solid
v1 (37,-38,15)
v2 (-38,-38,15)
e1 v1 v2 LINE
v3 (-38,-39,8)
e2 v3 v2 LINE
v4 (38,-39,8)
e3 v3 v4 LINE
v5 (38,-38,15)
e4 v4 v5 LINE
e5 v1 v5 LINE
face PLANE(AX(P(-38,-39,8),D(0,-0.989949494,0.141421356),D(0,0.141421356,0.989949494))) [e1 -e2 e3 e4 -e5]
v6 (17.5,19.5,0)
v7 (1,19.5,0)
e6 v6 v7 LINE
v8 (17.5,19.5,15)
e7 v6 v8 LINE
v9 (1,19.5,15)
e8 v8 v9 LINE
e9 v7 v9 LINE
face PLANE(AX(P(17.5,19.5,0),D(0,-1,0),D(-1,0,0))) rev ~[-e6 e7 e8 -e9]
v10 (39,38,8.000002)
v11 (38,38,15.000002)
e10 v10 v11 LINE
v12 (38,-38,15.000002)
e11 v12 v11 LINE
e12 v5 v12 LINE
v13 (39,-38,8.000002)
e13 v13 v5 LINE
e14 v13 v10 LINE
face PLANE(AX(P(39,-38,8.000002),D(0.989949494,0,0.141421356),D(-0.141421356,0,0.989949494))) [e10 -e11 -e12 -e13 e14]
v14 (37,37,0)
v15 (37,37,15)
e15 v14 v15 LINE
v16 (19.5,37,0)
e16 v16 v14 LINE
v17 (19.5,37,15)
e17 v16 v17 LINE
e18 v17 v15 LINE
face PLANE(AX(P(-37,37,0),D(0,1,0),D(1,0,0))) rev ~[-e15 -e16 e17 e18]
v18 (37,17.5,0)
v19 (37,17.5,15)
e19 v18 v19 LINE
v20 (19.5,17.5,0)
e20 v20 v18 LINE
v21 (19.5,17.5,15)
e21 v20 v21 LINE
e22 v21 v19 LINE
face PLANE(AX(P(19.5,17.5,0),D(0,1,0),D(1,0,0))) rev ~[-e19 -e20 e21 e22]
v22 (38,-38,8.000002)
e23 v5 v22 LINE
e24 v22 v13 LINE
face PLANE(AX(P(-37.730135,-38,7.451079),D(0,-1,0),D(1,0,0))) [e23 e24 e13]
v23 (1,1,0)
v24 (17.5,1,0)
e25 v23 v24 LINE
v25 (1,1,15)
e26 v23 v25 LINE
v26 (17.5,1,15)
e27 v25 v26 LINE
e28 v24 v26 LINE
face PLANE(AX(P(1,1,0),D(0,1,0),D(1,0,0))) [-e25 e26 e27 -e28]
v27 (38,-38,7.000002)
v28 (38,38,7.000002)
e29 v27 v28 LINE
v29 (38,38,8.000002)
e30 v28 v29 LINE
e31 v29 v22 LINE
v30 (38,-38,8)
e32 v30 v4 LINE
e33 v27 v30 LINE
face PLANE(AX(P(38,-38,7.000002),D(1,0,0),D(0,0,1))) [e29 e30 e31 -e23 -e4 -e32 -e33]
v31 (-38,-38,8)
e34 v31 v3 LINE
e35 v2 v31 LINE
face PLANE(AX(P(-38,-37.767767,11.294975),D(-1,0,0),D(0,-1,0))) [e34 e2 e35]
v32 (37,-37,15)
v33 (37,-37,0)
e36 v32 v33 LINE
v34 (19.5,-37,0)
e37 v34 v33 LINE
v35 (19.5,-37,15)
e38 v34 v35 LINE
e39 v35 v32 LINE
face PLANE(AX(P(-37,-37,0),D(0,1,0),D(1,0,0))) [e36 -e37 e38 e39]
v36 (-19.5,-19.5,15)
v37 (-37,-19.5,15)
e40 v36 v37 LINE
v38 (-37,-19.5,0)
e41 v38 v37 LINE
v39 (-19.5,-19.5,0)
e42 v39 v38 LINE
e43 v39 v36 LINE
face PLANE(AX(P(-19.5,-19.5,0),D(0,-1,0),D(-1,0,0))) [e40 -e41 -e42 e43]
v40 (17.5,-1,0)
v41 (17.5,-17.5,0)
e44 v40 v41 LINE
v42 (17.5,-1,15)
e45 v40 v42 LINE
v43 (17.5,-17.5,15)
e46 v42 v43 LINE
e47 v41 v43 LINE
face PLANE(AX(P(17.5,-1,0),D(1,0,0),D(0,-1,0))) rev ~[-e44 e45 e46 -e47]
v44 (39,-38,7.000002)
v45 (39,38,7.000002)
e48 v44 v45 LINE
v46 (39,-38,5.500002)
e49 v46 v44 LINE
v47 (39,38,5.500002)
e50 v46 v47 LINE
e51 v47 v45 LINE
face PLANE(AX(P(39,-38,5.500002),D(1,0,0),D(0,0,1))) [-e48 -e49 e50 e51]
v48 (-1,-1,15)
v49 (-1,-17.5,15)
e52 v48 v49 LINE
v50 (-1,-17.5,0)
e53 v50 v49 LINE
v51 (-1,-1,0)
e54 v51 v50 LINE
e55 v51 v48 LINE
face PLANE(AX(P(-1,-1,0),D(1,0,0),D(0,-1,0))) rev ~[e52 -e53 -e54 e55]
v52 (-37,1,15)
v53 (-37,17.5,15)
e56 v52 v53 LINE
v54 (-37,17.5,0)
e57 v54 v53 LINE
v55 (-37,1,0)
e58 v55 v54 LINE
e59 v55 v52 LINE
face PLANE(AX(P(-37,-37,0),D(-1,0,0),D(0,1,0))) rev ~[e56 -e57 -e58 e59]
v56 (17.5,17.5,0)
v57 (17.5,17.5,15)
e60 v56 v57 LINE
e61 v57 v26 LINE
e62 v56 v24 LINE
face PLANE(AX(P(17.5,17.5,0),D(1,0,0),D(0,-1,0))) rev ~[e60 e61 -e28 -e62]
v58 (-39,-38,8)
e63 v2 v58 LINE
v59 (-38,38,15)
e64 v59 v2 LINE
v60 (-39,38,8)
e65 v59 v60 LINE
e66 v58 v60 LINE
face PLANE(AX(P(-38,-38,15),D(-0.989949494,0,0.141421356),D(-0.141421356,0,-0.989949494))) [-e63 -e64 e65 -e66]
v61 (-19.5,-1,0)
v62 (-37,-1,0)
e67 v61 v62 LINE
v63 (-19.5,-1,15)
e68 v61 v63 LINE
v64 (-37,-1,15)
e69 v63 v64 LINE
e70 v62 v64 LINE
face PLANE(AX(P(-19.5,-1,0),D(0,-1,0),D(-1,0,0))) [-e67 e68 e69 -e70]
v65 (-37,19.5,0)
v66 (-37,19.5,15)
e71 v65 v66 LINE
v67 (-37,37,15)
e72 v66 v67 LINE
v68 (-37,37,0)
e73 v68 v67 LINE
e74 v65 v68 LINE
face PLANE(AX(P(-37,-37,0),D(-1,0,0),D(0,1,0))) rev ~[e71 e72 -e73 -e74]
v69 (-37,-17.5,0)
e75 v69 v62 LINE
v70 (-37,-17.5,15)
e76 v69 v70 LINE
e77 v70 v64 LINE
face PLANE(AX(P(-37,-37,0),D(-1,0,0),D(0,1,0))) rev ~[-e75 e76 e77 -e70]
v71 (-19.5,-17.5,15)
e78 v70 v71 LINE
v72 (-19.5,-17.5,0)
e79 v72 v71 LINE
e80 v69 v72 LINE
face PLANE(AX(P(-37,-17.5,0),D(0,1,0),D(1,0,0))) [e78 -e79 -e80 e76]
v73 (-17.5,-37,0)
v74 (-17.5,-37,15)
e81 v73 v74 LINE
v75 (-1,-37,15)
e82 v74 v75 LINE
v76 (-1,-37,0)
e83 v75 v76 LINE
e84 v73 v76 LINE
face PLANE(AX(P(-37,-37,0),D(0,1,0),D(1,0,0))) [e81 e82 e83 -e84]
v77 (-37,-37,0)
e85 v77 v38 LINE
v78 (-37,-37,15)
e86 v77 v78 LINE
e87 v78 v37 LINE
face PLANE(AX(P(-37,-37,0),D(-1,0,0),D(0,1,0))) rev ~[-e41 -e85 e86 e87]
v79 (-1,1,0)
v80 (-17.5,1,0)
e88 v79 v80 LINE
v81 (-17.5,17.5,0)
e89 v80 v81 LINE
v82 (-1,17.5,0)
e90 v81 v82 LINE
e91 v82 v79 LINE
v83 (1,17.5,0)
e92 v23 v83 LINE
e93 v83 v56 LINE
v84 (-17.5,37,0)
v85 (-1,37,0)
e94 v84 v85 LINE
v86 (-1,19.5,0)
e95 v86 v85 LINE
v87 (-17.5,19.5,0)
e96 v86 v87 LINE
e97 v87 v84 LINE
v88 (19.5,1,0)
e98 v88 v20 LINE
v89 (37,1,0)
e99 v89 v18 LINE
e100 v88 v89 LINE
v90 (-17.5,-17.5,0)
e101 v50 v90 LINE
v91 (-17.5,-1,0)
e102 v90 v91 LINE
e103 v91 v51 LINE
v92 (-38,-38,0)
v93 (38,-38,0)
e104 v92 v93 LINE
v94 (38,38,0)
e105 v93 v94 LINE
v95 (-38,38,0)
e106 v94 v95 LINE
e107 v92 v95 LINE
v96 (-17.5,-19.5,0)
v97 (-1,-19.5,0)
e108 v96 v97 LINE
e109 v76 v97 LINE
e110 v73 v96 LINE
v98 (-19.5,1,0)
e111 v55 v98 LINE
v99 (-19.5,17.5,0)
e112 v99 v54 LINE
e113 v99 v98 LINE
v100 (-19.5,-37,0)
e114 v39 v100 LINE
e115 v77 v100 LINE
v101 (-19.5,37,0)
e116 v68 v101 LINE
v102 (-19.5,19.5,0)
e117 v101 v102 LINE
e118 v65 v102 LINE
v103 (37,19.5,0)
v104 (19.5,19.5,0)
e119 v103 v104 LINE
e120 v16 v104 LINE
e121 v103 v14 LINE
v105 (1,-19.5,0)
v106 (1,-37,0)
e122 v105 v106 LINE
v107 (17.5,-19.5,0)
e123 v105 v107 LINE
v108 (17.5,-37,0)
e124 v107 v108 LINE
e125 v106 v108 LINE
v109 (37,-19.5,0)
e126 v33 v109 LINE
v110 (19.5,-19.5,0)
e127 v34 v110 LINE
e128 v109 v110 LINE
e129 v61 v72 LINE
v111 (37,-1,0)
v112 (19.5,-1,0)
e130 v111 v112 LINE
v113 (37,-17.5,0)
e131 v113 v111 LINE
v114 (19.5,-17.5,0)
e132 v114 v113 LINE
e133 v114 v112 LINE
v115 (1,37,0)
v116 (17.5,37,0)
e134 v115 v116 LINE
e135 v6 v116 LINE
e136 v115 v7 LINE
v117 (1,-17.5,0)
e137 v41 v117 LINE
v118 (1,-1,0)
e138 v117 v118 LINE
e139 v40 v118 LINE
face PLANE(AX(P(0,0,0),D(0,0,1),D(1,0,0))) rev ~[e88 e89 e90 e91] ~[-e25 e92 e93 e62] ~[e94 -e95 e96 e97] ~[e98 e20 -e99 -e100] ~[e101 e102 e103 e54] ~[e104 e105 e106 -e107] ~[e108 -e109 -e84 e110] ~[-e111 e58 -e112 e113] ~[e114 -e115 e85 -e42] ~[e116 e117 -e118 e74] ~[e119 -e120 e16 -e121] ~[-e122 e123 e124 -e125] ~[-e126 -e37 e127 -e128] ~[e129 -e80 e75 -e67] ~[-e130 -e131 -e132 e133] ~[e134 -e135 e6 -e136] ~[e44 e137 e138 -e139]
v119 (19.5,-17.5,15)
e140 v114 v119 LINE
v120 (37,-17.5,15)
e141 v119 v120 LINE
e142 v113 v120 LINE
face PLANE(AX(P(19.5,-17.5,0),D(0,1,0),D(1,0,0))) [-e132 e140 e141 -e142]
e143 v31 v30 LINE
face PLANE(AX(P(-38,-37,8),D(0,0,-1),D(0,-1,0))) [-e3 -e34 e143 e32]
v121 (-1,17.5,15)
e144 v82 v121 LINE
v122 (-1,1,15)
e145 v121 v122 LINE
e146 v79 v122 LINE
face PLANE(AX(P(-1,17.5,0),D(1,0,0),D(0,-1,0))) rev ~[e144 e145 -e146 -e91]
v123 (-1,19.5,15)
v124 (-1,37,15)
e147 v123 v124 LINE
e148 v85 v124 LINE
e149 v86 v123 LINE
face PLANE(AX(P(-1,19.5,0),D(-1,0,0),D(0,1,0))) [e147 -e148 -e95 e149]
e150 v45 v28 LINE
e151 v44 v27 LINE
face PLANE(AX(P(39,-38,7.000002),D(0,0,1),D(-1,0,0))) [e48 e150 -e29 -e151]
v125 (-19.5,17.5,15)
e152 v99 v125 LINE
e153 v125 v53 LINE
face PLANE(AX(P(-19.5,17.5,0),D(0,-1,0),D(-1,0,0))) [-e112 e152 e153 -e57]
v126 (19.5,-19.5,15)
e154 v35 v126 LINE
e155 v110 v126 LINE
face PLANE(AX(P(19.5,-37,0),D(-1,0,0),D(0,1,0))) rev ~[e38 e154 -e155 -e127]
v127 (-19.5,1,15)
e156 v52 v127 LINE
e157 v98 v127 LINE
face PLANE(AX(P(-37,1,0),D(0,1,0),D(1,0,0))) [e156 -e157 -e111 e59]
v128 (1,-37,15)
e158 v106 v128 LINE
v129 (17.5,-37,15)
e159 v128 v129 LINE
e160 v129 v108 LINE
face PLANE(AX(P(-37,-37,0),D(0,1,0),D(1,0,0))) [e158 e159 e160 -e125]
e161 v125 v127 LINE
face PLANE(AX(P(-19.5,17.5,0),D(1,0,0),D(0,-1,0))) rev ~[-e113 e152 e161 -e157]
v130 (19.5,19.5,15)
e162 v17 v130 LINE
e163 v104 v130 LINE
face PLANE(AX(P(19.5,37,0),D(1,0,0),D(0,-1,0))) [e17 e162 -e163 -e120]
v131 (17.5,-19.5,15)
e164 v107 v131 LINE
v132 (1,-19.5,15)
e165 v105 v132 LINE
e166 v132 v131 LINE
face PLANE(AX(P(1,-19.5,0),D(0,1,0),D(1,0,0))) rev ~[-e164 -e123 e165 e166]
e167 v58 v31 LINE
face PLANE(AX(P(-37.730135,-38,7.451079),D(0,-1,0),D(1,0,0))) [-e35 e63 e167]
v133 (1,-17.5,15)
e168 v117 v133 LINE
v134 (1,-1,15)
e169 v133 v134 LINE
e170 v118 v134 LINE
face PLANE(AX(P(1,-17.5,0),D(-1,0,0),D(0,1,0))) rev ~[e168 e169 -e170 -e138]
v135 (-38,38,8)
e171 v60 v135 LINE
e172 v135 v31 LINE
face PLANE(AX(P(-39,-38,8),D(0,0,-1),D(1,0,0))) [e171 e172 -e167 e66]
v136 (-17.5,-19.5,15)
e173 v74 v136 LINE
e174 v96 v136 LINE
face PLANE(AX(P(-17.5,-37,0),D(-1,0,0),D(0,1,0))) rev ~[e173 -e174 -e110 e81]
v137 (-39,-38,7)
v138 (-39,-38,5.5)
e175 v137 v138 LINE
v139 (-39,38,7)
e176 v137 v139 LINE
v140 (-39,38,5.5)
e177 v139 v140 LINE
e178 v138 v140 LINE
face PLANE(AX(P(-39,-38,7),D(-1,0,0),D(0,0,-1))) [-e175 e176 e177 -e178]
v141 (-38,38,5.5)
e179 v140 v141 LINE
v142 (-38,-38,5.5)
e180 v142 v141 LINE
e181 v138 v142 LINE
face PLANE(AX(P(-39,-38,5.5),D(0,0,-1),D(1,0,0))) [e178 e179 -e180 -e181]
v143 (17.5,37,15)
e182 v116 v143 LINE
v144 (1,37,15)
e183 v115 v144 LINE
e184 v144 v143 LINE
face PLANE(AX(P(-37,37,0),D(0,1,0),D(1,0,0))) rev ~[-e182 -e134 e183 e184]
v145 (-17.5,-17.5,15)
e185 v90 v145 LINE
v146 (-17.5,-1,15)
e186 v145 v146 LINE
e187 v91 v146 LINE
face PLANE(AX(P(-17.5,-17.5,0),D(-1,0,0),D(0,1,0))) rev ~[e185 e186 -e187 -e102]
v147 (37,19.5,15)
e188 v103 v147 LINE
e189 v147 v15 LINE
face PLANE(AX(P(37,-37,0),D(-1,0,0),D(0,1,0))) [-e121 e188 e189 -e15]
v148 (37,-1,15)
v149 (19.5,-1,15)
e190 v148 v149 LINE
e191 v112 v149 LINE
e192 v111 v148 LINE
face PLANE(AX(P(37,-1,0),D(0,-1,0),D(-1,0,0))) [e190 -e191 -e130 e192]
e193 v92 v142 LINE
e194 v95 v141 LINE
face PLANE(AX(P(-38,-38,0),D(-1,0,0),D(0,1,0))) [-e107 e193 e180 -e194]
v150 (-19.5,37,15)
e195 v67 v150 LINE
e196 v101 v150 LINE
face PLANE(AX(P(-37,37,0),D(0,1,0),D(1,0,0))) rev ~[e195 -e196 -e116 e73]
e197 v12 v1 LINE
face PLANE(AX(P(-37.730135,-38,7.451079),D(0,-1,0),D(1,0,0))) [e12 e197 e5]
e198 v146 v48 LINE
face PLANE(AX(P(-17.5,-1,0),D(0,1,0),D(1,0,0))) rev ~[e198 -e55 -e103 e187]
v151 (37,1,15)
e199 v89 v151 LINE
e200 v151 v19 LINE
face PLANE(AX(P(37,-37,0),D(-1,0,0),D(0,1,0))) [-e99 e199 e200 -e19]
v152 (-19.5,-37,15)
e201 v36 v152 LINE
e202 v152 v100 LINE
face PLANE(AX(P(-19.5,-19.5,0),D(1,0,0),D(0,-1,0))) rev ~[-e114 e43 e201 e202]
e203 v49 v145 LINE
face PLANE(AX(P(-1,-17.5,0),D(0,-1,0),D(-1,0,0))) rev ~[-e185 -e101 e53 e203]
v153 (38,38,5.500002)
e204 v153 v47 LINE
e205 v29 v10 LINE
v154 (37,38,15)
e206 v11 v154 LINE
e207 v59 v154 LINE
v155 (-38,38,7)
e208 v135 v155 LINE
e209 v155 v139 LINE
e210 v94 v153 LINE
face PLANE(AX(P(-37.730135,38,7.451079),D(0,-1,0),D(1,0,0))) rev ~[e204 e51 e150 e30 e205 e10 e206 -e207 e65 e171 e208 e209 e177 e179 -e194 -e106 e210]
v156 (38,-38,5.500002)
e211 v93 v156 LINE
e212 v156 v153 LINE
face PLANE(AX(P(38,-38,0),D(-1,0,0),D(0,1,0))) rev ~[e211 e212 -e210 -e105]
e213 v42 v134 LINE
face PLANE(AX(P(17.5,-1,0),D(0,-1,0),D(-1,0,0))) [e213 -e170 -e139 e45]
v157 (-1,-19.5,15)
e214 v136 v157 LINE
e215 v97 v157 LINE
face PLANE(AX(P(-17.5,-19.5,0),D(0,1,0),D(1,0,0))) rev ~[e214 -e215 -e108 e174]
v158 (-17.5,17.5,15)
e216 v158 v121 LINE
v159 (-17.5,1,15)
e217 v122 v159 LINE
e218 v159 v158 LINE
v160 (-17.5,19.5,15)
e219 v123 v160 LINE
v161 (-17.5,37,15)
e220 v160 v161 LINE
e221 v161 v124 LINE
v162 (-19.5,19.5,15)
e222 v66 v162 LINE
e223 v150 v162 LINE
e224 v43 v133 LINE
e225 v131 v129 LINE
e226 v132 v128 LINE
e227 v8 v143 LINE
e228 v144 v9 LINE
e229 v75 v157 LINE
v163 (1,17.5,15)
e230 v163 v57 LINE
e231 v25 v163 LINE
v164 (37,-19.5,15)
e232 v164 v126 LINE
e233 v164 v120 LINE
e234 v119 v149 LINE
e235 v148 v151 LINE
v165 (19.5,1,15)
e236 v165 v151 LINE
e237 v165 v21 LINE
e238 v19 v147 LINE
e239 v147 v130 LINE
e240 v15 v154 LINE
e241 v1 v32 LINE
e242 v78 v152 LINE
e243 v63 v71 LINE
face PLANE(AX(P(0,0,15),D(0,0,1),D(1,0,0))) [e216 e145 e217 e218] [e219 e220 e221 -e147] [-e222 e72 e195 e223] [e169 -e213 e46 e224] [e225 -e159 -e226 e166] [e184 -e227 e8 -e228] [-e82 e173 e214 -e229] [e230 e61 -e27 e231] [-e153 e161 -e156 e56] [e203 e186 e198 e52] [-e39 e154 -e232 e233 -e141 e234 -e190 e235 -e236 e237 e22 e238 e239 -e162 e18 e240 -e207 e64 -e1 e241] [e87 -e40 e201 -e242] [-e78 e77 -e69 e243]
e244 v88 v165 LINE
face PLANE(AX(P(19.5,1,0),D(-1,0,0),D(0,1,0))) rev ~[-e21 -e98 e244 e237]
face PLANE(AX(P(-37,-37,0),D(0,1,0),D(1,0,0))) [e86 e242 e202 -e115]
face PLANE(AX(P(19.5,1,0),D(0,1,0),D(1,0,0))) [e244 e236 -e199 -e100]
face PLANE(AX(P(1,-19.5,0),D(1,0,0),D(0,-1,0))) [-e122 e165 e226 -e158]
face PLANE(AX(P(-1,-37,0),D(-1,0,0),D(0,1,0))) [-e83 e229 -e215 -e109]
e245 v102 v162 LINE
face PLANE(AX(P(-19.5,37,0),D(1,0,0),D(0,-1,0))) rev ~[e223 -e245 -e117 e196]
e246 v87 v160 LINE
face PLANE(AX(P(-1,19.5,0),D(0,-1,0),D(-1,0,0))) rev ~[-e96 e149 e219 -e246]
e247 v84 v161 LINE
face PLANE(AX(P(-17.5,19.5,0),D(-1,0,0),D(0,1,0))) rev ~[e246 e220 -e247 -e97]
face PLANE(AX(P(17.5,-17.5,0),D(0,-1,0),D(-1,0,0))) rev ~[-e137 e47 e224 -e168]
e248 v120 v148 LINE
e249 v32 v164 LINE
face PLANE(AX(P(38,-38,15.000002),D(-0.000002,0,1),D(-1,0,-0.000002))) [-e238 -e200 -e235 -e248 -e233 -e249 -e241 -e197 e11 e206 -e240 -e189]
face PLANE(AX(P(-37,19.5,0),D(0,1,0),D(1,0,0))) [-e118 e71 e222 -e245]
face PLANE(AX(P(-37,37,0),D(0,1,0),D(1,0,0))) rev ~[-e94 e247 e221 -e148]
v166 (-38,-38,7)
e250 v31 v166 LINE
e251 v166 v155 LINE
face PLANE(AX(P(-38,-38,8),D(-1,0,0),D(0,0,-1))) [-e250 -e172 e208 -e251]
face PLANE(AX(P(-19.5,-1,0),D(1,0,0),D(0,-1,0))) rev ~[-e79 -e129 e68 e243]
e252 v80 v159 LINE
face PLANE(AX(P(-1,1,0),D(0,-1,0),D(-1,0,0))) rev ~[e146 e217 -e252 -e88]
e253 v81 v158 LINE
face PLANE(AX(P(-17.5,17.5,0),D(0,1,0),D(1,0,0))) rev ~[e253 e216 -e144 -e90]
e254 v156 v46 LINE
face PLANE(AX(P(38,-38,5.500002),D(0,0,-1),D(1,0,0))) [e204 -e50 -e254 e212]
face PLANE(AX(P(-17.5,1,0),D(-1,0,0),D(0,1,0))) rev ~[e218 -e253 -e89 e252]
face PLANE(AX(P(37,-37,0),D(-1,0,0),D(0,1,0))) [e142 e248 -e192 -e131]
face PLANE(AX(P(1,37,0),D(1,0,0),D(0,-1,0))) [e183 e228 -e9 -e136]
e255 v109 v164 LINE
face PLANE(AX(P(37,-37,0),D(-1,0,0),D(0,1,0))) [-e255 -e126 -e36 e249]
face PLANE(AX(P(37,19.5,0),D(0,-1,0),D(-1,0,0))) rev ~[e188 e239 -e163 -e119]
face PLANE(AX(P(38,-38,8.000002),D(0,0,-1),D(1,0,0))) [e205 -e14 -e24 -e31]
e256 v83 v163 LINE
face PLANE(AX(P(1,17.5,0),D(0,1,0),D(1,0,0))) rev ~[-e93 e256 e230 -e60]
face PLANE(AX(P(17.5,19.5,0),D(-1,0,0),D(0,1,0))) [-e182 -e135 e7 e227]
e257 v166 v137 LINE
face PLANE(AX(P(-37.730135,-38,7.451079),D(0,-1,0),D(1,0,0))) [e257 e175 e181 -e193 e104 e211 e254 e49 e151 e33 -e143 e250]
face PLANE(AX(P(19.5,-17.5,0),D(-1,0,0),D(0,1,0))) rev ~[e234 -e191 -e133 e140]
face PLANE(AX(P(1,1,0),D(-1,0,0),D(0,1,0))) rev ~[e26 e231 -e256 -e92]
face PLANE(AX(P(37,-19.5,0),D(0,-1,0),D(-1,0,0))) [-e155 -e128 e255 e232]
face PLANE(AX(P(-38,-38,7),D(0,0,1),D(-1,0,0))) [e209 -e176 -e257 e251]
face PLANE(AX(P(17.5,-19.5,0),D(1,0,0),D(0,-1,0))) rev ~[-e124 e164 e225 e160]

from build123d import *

# Parameters (mm, degrees)
SKETCH_W     = 76
SKETCH_H     = 76
SKETCH_W_2   = 74
SKETCH_H_2   = 74
PAD_DEPTH    = 15
PAD001_DEPTH = 15
PAD002_DEPTH = 76
PAD004_DEPTH = 76


with BuildPart() as part:
    # Sketch → Pad (new body)
    with BuildSketch(Plane.XY):
        Rectangle(SKETCH_W, SKETCH_H)
        Rectangle(SKETCH_W_2, SKETCH_H_2, mode=Mode.SUBTRACT)
    extrude(amount=PAD_DEPTH)

    # Sketch001 → Pad001 (join)
    with BuildSketch(Plane.XY):
        Polygon((-17.5, 37), (-17.5, 12.333333), (-17.5, -37), (-19.5, -37), (-19.5, 12.333333), (-19.5, 37), align=None)
        Polygon((-37, 19.5), (-12.333333, 19.5), (37, 19.5), (37, 17.5), (-12.333333, 17.5), (-37, 17.5), align=None)
        Polygon((19.5, 37), (19.5, 12.333333), (19.5, -37), (17.5, -37), (17.5, 12.333333), (17.5, 37), align=None)
        Polygon((-37, -17.5), (-12.333333, -17.5), (37, -17.5), (37, -19.5), (-12.333333, -19.5), (-37, -19.5), align=None)
        Polygon((-1, -37), (-1, -12.333333), (-1, 37), (1, 37), (1, -12.333333), (1, -37), align=None)
        Polygon((-37, 1), (-12.333333, 1), (37, 1), (37, -1), (-12.333333, -1), (-37, -1), align=None)
    extrude(amount=PAD001_DEPTH)

    # Sketch002 (on Face1 of Pad001) → Pad002 (join)
    with BuildSketch(Plane.XZ.offset(38)):
        Polygon((-39, 8), (-38, 8), (-38, 7), (-39, 7), (-39, 5.5), (-38, 5.5), (-38, 0), (-37, 0), (-37, 15), (-38, 15), align=None)
        Polygon((38, 8.000002), (39, 8.000002), (38, 15.000002), (37, 15), (37, 0), (38, 0), (38, 5.500002), (39, 5.500002), (39, 7.000002), (38, 7.000002), align=None)
    extrude(amount=-PAD002_DEPTH)

    # Sketch004 (on Face4 of Pad) → Pad004 (join)
    with BuildSketch(Plane(origin=(-38, 0, 0), x_dir=(0, -1, 0), z_dir=(-1, 0, 0))):
        Polygon((38, 15), (37, 15), (37, 8), (39, 8), align=None)
    extrude(amount=-PAD004_DEPTH)


solid = part.part
